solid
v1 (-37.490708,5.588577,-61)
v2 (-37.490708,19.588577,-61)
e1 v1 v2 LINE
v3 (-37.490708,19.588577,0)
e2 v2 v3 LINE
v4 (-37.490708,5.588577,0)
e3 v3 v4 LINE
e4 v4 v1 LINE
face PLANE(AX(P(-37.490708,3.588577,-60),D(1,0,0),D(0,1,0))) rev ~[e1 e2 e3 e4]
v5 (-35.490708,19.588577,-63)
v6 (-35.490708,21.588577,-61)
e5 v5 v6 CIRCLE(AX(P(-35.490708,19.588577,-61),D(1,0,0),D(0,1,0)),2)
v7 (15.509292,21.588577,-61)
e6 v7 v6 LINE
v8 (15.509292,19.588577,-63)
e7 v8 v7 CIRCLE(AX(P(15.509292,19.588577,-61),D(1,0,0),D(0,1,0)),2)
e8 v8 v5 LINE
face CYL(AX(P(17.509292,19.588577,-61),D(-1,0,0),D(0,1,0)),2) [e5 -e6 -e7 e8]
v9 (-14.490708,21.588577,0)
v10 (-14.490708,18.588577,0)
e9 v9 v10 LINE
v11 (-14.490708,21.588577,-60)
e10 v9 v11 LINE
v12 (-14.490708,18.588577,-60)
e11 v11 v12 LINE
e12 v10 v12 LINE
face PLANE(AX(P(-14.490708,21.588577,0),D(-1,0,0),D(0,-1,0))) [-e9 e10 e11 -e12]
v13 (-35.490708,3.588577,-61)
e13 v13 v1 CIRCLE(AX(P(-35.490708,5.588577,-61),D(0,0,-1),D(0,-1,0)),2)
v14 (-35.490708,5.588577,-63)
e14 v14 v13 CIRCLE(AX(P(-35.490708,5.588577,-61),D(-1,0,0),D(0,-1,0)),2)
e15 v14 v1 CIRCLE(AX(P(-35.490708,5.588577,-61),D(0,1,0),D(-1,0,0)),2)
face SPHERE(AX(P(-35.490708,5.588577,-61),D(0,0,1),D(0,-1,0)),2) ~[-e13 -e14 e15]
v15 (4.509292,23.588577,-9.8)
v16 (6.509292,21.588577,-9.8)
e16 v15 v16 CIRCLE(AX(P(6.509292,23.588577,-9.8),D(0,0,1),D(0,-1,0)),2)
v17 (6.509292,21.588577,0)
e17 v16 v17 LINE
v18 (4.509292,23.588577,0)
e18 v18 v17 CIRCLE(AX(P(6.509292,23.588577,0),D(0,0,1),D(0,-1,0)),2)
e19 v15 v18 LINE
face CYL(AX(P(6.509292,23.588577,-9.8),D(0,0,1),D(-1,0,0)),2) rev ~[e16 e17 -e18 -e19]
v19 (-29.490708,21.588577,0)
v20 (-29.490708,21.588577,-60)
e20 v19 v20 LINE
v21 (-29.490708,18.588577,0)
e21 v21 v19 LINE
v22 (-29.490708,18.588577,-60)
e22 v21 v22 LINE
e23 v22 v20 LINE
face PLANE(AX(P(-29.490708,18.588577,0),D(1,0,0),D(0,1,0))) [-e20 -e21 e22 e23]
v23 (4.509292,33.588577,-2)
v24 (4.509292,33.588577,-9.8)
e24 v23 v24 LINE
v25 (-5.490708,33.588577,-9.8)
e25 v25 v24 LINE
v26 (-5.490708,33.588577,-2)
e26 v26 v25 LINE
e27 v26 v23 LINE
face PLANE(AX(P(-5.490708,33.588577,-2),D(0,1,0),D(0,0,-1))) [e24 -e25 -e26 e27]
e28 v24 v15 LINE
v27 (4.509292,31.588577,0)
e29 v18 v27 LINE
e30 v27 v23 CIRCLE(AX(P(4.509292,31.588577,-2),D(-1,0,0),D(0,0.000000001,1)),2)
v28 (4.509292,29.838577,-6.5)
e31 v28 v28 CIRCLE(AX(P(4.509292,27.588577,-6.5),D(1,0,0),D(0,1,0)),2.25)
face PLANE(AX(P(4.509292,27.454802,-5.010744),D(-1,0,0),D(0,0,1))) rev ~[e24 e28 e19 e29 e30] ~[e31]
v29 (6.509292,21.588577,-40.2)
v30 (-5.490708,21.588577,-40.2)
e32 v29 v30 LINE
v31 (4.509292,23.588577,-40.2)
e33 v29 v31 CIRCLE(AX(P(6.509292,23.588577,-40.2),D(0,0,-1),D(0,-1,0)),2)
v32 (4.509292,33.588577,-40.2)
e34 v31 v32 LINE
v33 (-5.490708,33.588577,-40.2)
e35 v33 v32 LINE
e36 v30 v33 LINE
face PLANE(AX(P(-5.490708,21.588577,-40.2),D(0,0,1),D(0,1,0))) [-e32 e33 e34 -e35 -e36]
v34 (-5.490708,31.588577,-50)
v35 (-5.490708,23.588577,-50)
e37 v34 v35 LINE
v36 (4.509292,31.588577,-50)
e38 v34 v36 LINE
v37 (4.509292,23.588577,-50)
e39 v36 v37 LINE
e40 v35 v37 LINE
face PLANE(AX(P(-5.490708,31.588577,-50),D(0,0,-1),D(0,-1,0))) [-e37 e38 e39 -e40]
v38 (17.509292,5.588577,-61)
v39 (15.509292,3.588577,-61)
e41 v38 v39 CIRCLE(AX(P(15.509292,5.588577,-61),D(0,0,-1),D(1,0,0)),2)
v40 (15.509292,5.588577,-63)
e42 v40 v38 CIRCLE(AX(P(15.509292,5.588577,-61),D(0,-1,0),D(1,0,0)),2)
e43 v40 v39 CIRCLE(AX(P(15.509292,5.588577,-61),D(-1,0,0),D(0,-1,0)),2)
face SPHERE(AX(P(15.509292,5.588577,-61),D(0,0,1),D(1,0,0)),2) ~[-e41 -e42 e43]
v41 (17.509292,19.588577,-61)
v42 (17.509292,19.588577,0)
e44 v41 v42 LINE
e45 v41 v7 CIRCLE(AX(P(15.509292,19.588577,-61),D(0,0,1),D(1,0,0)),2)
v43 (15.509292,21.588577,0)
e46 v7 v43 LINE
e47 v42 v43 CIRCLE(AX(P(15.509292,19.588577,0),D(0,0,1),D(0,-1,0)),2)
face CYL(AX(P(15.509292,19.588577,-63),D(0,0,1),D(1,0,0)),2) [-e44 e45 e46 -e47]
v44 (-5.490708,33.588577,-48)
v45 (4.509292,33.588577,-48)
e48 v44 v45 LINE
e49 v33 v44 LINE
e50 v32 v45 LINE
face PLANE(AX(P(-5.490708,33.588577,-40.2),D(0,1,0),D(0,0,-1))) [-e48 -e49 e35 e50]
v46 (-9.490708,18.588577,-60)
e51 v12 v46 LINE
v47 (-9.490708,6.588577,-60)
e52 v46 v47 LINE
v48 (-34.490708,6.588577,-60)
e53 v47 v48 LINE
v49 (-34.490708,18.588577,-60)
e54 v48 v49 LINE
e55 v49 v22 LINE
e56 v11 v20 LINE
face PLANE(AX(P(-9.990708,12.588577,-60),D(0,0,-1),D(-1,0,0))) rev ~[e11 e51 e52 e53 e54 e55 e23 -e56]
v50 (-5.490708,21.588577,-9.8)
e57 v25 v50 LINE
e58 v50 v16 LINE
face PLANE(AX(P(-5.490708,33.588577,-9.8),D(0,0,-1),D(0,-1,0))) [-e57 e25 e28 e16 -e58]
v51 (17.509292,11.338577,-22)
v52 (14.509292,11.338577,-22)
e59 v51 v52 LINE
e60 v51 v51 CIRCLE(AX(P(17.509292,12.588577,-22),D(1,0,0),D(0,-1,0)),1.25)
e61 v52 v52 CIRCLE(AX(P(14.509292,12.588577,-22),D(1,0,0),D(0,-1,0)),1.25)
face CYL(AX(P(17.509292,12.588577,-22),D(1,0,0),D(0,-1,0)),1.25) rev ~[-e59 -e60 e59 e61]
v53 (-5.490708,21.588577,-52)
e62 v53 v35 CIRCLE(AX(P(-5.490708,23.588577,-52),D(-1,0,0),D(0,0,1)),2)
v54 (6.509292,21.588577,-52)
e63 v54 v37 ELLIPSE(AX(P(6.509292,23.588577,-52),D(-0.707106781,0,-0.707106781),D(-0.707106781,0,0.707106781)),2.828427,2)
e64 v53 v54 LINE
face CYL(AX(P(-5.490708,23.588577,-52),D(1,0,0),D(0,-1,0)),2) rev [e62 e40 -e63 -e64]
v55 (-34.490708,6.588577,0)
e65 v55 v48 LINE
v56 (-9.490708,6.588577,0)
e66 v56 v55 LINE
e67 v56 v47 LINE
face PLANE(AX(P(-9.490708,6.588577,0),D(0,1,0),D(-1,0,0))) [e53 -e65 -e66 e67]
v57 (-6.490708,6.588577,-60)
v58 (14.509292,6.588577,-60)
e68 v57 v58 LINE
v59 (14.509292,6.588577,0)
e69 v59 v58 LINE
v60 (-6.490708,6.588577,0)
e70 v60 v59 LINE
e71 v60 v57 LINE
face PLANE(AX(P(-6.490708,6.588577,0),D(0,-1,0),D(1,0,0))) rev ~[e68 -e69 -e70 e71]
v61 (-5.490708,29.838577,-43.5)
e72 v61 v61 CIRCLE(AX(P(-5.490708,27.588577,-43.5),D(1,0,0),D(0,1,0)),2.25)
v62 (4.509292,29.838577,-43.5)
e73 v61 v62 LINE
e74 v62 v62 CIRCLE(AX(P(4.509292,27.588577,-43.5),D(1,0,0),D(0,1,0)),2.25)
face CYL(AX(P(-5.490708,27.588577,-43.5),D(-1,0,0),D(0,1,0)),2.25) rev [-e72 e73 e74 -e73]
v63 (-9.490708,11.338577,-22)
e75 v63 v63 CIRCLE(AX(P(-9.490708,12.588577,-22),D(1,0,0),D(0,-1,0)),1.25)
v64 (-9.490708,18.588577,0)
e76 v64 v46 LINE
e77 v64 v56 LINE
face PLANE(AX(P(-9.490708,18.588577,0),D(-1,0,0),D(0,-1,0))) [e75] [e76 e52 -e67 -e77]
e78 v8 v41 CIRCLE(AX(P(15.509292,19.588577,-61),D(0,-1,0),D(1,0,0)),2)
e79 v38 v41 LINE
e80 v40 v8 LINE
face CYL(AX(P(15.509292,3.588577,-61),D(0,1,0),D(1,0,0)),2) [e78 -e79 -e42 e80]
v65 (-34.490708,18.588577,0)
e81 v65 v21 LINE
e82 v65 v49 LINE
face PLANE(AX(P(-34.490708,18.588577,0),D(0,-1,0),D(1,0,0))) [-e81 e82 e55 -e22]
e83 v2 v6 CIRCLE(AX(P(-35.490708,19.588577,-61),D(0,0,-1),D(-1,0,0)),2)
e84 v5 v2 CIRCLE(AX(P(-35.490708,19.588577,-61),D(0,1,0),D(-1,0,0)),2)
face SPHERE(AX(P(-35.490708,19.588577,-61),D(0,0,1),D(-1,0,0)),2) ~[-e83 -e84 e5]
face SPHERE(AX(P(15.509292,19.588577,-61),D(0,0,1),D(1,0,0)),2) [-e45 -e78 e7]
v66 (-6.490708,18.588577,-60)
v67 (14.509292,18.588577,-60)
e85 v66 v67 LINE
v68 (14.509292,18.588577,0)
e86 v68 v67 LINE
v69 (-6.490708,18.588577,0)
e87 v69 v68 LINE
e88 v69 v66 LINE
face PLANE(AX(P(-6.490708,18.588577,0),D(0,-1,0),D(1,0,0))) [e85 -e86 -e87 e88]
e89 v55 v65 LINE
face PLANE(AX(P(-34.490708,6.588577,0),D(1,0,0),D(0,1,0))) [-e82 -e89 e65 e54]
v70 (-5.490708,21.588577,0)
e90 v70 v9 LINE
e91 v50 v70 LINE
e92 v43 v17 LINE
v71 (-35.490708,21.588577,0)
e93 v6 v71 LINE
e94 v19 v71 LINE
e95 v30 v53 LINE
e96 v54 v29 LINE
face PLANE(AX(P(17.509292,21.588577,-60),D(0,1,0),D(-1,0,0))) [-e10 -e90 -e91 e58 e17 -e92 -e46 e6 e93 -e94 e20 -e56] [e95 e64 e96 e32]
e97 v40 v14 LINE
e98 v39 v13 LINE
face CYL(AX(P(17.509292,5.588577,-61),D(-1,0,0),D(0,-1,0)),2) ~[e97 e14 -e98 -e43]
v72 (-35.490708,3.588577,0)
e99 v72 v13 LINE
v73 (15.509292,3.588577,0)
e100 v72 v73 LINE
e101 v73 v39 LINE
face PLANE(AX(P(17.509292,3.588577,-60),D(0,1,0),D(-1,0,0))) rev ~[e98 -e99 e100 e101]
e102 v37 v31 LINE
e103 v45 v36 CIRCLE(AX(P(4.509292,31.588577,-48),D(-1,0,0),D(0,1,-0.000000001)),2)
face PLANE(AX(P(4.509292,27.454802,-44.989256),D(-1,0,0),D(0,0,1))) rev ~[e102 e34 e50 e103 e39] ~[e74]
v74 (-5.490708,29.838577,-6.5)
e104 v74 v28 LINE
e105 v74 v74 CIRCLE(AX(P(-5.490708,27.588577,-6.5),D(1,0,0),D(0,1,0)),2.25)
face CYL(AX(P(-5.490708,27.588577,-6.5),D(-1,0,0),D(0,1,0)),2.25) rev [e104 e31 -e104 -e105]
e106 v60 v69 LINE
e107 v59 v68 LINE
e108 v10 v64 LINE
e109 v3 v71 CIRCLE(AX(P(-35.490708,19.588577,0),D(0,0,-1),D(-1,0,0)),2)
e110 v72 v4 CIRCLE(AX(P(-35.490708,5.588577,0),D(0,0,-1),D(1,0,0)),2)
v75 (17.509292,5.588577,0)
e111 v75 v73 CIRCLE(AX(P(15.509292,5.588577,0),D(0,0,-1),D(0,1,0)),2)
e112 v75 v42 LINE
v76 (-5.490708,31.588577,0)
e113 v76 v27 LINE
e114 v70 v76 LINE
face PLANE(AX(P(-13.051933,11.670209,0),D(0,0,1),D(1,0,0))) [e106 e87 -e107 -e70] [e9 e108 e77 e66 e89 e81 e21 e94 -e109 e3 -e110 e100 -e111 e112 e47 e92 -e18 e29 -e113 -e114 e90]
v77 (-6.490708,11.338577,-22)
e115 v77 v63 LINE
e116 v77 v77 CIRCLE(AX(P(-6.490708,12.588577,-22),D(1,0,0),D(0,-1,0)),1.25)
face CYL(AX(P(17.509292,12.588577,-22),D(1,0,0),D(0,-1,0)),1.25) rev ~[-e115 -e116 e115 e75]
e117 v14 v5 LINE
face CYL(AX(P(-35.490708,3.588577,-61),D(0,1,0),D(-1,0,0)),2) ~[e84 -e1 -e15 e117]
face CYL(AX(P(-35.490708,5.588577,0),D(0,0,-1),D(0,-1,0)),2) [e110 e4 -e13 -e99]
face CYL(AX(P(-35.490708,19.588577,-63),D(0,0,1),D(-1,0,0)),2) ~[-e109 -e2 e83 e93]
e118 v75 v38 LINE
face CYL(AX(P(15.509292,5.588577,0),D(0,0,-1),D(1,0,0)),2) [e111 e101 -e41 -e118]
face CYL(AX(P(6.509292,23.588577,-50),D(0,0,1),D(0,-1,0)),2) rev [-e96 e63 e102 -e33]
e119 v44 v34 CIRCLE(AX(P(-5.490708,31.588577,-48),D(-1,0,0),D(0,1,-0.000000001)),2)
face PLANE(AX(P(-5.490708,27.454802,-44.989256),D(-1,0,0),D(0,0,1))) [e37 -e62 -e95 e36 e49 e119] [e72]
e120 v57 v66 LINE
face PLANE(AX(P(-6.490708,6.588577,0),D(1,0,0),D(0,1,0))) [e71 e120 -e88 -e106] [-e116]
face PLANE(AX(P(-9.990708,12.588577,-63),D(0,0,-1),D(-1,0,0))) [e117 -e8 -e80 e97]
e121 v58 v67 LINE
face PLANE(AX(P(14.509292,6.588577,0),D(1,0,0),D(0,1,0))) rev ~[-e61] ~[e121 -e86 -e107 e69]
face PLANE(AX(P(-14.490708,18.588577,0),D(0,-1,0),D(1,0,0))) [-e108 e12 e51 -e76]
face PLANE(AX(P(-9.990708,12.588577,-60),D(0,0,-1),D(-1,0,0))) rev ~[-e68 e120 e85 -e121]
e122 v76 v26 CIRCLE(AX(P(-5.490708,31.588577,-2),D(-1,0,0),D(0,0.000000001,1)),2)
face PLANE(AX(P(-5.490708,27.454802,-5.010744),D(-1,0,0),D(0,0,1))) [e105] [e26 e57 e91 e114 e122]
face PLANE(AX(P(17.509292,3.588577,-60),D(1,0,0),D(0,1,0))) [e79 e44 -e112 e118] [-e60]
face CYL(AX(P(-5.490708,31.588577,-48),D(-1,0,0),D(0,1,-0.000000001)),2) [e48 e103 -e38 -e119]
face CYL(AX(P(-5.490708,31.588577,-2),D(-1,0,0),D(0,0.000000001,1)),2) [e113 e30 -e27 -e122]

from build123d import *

# Parameters (mm, degrees)
SKETCH1_W           = 21
SKETCH1_H           = 12
BOSS_EXTRUDE1_DEPTH = 60
SKETCH2_R           = 2.25
BOSS_EXTRUDE2_DEPTH = 10
SKETCH3_W           = 55
SKETCH3_H           = 18
BOSS_EXTRUDE3_DEPTH = 3
FILLET1_R           = 2
SKETCH4_R           = 1.25
CUT_EXTRUDE1_DEPTH  = 30


with BuildPart() as part:
    # Sketch1 → Boss-Extrude1 (new body)
    with BuildSketch(Plane.XY):
        Polygon((17.509291985, 21.588576814), (-9.490708015, 21.588576814), (-14.490708015, 21.588576814), (-14.490708015, 18.588576814), (-9.490708015, 18.588576814), (-9.490708015, 6.588576814), (-34.490708015, 6.588576814), (-34.490708015, 18.588576814), (-29.490708015, 18.588576814), (-29.490708015, 21.588576814), (-34.490708015, 21.588576814), (-37.490708015, 21.588576814), (-37.490708015, 3.588576814), (17.509291985, 3.588576814), align=None)
        with Locations((4.009291985, 12.588576814)):
            Rectangle(SKETCH1_W, SKETCH1_H, mode=Mode.SUBTRACT)
    extrude(amount=-BOSS_EXTRUDE1_DEPTH)

    # Sketch2 → Boss-Extrude2 (add)
    # profile 1 of 2: a face of its own
    with BuildSketch(Plane(origin=(-5.490708015, 0, 0), x_dir=(0, 0, -1), z_dir=(1, 0, 0))):
        with BuildLine():
            Line((50, 21.588576814), (40.2, 21.588576814))
            Line((40.2, 21.588576814), (40.2, 33.588576814))
            Line((40.2, 33.588576814), (48, 33.588576814))
            ThreePointArc((48, 33.588576814), (49.414213562, 33.002790376), (50, 31.588576814))
            Line((50, 31.588576814), (50, 21.588576814))
        make_face()
        with Locations(Location((43.5, 27.588576814, 0), (0, 0, 90))):
            Circle(SKETCH2_R, mode=Mode.SUBTRACT)
    # profile 2 of 2: a face of its own
    with BuildSketch(Plane(origin=(-5.490708015, 0, 0), x_dir=(0, 0, -1), z_dir=(1, 0, 0))):
        with BuildLine():
            Line((9.8, 21.588576814), (0, 21.588576814))
            Line((0, 21.588576814), (0, 31.588576814))
            ThreePointArc((0, 31.588576814), (0.585786438, 33.002790376), (2, 33.588576814))
            Line((2, 33.588576814), (9.8, 33.588576814))
            Line((9.8, 33.588576814), (9.8, 21.588576814))
        make_face()
        with Locations(Location((6.5, 27.588576814, 0), (0, 0, 90))):
            Circle(SKETCH2_R, mode=Mode.SUBTRACT)
    extrude(amount=BOSS_EXTRUDE2_DEPTH)

    # Sketch3 → Boss-Extrude3 (add)
    with BuildSketch(Plane(origin=(0, 0, -60), x_dir=(-1, 0, 0), z_dir=(0, 0, -1))):
        with Locations((9.990708015, 12.588576814)):
            Rectangle(SKETCH3_W, SKETCH3_H)
    extrude(amount=BOSS_EXTRUDE3_DEPTH)

    # Fillet1
    fillet1_edges = [part.edges().sort_by_distance(p)[0] for p in [
        (17.509291985, 3.588576814, -31.5),
        (-37.490708015, 3.588576814, -31.5),
        (-37.490708015, 21.588576814, -31.5),
        (17.509291985, 21.588576814, -31.5),
        (4.509291985, 21.588576814, -45.1),
        (-0.490708015, 21.588576814, -50),
        (4.509291985, 21.588576814, -4.9),
        (17.509291985, 12.588576814, -63),
        (-9.990708015, 3.588576814, -63),
        (-37.490708015, 12.588576814, -63),
        (-9.990708015, 21.588576814, -63),
    ]]
    fillet(fillet1_edges, radius=FILLET1_R)

    # Sketch4 → Cut-Extrude1 (cut)
    with BuildSketch(Plane(origin=(17.509291985, 0, 0), x_dir=(0, 0, -1), z_dir=(1, 0, 0))):
        with Locations(Location((22, 12.588576814, 0), (0, 0, 270))):
            Circle(SKETCH4_R)
    extrude(amount=-CUT_EXTRUDE1_DEPTH, mode=Mode.SUBTRACT)


solid = part.part
